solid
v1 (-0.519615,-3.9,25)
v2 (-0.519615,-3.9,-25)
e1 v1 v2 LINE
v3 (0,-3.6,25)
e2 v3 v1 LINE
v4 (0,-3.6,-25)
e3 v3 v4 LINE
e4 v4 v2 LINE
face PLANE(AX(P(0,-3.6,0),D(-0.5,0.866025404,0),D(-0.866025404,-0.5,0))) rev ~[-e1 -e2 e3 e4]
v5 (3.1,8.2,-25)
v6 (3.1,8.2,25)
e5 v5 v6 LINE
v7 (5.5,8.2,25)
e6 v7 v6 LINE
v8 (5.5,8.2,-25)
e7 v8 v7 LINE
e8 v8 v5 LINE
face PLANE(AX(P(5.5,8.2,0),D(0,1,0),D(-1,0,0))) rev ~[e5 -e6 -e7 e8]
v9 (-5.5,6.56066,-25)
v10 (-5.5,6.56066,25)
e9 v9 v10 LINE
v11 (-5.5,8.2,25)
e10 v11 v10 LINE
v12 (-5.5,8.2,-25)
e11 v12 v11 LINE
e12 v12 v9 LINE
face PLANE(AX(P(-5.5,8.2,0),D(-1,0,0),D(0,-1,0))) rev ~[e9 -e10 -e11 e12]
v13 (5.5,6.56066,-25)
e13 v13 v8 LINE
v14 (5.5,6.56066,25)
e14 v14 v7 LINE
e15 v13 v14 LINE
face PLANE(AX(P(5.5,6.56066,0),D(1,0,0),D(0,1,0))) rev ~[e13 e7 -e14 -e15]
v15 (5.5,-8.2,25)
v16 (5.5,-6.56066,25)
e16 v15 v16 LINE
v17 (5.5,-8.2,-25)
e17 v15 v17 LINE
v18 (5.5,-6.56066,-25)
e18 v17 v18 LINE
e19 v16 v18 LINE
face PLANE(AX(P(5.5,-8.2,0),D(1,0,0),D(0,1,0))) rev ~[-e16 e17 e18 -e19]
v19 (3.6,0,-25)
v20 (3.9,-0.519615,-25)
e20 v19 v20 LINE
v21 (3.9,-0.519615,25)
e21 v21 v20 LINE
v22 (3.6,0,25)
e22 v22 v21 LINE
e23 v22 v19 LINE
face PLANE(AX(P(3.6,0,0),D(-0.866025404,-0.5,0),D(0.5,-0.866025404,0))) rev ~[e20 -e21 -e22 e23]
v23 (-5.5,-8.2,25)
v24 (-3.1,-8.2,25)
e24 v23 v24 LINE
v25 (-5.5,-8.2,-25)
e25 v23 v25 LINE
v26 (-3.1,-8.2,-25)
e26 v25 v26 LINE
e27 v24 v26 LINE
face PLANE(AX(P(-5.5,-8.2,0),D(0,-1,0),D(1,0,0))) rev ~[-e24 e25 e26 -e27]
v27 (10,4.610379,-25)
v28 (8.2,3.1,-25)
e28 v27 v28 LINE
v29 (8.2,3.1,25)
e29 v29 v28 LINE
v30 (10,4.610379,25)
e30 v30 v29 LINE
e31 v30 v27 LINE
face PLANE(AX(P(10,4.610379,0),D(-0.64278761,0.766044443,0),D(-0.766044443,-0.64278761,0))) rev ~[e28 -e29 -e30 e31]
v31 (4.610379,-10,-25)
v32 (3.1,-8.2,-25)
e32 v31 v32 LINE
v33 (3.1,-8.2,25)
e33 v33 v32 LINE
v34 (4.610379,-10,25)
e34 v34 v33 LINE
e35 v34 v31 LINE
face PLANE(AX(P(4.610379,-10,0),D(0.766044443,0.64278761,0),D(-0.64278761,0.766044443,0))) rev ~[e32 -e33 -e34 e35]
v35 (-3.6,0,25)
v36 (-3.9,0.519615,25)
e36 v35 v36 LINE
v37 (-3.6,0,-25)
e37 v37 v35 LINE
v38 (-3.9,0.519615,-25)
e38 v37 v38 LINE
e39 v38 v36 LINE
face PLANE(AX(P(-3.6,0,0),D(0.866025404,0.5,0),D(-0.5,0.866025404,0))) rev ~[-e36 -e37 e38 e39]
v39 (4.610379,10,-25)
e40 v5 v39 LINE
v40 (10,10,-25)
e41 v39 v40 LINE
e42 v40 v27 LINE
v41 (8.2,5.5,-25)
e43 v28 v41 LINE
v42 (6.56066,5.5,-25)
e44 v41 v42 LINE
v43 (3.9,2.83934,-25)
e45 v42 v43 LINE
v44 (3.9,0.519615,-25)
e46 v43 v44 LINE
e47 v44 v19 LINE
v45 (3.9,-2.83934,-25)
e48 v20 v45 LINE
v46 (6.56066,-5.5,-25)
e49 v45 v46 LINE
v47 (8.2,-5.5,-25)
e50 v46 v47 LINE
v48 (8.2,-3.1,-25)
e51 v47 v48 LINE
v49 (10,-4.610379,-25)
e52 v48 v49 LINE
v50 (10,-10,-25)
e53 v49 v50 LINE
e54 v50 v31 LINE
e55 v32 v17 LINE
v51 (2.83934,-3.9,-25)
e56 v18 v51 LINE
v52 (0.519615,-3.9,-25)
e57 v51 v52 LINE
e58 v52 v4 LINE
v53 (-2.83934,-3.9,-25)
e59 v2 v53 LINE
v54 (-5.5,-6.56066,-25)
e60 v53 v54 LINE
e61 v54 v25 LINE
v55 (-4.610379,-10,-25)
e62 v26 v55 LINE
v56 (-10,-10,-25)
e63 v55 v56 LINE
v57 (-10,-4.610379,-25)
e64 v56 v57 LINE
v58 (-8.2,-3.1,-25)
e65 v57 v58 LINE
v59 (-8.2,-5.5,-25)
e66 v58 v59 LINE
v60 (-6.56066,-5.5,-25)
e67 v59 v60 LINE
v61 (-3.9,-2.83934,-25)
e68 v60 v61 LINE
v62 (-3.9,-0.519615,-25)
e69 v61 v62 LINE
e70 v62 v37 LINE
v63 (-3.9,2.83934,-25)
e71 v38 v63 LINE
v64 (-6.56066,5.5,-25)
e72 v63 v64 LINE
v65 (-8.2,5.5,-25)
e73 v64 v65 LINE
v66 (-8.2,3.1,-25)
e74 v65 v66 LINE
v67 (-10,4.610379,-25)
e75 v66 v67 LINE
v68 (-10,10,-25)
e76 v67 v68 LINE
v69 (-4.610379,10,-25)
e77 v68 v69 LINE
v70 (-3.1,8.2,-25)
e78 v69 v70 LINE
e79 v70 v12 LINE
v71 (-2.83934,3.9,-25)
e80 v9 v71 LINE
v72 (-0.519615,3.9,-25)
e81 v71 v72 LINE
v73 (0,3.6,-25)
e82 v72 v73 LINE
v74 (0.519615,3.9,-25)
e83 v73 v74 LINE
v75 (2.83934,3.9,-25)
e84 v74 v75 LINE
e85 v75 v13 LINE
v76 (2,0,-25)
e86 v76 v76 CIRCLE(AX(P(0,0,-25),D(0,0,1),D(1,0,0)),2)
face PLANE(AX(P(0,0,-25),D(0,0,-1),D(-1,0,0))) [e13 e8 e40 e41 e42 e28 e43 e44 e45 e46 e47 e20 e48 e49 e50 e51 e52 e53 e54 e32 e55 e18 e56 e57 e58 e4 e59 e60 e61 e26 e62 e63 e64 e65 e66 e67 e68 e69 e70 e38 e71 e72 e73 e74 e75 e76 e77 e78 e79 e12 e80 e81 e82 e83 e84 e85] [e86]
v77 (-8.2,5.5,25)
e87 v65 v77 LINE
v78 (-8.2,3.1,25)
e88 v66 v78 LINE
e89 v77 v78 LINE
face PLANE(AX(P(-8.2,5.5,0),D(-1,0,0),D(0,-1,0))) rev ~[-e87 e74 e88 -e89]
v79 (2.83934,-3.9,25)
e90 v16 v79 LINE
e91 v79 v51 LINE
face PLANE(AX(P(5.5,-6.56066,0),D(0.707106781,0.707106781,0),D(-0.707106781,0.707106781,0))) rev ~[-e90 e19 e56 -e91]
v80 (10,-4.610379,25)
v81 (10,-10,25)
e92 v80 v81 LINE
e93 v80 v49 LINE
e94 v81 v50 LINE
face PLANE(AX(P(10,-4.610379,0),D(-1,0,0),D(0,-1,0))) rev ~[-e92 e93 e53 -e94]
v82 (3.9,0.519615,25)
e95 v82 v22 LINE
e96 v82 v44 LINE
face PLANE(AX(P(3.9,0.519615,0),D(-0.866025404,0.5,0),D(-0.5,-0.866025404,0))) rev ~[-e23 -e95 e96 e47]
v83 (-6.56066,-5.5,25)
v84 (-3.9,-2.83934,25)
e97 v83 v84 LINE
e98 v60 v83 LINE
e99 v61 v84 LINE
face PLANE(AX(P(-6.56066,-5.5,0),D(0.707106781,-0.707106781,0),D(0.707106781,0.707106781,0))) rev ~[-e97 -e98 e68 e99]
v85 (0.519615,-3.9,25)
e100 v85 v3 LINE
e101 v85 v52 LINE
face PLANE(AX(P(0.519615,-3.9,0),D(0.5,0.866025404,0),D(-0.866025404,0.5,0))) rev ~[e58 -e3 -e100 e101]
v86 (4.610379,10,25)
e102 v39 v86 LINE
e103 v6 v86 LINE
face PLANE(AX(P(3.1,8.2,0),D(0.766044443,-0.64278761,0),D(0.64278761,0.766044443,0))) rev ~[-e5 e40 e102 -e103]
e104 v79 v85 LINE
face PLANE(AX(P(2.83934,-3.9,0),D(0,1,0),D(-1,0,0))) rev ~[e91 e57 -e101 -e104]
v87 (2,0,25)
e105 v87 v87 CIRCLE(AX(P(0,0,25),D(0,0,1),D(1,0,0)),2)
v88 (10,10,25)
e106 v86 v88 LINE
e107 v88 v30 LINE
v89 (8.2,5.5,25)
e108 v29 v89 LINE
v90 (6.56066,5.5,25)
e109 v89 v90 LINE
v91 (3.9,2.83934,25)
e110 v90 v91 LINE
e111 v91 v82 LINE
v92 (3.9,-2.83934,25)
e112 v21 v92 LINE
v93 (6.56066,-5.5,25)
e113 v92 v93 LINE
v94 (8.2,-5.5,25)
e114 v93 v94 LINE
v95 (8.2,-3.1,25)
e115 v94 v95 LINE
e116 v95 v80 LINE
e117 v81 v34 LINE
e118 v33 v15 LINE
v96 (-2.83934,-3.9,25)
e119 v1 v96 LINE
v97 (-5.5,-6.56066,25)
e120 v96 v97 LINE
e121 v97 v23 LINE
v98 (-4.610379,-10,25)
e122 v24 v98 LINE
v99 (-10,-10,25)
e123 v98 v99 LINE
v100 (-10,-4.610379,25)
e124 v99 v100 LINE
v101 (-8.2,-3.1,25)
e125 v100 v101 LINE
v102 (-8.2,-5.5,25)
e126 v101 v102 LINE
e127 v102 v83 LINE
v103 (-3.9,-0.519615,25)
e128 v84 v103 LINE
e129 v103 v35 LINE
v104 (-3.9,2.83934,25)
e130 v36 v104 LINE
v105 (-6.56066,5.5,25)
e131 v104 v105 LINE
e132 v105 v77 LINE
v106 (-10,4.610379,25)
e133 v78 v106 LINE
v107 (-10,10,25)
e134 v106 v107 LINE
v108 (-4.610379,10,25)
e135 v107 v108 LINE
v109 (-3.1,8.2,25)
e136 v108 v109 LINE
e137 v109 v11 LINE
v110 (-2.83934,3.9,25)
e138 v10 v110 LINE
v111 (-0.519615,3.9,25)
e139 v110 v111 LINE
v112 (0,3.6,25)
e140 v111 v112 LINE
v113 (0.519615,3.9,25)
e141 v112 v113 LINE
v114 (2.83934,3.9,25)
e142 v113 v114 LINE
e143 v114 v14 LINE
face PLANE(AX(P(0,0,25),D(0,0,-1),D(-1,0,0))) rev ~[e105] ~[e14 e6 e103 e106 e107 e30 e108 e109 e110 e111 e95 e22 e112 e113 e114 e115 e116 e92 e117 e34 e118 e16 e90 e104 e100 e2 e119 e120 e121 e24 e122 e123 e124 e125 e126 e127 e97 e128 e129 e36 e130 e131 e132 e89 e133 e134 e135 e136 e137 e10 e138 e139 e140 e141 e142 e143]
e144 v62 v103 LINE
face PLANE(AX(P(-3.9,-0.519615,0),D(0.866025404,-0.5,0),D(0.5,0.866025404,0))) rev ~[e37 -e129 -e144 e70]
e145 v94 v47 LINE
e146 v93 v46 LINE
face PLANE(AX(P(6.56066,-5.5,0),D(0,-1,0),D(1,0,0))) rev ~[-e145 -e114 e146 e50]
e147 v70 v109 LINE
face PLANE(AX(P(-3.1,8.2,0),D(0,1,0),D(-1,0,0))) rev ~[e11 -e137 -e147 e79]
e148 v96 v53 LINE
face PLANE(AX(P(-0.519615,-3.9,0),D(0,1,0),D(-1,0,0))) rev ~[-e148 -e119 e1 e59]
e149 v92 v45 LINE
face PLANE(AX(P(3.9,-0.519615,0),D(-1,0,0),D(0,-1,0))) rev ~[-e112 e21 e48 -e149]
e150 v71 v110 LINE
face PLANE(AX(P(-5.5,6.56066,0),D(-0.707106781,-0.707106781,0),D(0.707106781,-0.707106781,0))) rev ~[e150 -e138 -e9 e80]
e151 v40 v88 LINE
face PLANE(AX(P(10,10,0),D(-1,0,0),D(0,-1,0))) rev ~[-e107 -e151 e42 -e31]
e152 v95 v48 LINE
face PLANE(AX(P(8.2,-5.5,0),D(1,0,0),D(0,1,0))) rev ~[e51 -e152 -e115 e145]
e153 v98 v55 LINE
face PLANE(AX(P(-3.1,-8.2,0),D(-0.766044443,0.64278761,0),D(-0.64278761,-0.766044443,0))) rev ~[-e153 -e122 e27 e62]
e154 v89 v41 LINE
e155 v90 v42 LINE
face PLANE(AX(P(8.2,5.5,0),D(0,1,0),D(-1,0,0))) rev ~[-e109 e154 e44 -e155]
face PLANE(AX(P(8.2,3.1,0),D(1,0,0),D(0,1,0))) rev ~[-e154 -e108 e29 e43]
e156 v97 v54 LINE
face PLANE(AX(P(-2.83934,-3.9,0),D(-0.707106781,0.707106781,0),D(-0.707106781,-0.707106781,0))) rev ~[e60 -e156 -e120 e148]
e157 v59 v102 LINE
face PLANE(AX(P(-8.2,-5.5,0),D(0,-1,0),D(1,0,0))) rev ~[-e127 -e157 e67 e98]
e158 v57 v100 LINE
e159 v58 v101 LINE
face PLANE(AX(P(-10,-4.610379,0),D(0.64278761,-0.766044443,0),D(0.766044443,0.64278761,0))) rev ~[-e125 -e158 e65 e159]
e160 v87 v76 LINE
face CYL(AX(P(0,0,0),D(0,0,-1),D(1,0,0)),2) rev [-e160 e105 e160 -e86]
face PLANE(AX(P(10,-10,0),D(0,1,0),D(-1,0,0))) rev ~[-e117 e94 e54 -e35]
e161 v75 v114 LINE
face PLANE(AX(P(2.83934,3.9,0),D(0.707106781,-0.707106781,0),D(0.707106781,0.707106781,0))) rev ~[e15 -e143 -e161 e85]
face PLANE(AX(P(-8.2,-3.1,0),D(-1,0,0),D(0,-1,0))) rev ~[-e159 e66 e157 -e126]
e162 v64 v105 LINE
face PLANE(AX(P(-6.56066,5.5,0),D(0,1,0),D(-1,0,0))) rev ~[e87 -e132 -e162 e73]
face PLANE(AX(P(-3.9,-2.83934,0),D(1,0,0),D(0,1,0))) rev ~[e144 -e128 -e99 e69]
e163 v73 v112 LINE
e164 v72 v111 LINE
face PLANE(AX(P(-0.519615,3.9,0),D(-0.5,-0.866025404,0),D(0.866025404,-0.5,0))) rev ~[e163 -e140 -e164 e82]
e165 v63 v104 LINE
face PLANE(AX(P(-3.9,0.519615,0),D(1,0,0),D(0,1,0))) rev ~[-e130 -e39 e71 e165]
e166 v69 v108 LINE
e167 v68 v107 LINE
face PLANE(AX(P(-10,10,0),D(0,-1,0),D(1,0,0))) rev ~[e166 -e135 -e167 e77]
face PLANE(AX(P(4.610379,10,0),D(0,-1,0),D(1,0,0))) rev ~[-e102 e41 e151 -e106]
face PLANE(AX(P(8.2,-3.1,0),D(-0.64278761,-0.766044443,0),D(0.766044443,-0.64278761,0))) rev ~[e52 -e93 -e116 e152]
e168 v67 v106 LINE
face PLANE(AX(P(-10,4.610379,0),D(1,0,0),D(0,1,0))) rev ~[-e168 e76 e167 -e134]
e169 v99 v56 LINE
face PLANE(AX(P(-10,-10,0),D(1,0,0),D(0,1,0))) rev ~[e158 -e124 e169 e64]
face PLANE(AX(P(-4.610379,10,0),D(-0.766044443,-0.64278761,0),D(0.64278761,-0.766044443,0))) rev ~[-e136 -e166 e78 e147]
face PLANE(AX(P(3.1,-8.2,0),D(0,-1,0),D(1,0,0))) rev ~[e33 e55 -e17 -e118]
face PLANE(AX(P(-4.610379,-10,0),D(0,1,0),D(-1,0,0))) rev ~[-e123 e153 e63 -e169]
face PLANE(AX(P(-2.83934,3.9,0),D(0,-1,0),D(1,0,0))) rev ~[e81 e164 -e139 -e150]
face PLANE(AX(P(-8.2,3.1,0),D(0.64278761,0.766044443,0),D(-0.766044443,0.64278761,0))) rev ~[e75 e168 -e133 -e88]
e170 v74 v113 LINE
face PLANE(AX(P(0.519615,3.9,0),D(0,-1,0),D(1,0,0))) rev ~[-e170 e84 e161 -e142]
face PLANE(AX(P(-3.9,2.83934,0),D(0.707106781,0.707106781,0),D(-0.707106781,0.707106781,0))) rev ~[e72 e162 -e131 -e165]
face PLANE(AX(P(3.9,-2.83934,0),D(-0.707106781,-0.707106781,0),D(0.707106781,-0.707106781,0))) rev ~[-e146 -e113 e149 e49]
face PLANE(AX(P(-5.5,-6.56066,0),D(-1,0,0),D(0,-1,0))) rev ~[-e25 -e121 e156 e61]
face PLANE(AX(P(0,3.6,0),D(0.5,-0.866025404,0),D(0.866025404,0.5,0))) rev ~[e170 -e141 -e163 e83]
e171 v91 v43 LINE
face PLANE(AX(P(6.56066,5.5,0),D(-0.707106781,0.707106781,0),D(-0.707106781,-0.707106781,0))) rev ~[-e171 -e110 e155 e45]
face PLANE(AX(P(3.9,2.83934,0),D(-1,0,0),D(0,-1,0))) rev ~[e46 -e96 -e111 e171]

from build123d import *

# Parameters (mm, degrees)
SKETCH1_R           = 2
BOSS_EXTRUDE1_DEPTH = 25


with BuildPart() as part:
    # Sketch1 → Boss-Extrude1 (new, symmetric)
    with BuildSketch(Plane.XY):
        Polygon((10, 10), (10, 4.610379336), (8.2, 3.1), (8.2, 5.5), (6.560660172, 5.5), (3.9, 2.839339828), (3.9, 0.519615242), (3.6, 0), (3.9, -0.519615242), (3.9, -2.839339828), (6.560660172, -5.5), (8.2, -5.5), (8.2, -3.1), (10, -4.610379336), (10, -10), (4.610379336, -10), (3.1, -8.2), (5.5, -8.2), (5.5, -6.560660172), (2.839339828, -3.9), (0.519615242, -3.9), (0, -3.6), (-0.519615242, -3.9), (-2.839339828, -3.9), (-5.5, -6.560660172), (-5.5, -8.2), (-3.1, -8.2), (-4.610379336, -10), (-10, -10), (-10, -4.610379336), (-8.2, -3.1), (-8.2, -5.5), (-6.560660172, -5.5), (-3.9, -2.839339828), (-3.9, -0.519615242), (-3.6, 0), (-3.9, 0.519615242), (-3.9, 2.839339828), (-6.560660172, 5.5), (-8.2, 5.5), (-8.2, 3.1), (-10, 4.610379336), (-10, 10), (-4.610379336, 10), (-3.1, 8.2), (-5.5, 8.2), (-5.5, 6.560660172), (-2.839339828, 3.9), (-0.519615242, 3.9), (0, 3.6), (0.519615242, 3.9), (2.839339828, 3.9), (5.5, 6.560660172), (5.5, 8.2), (3.1, 8.2), (4.610379336, 10), align=None)
        Circle(SKETCH1_R, mode=Mode.SUBTRACT)
    extrude(amount=BOSS_EXTRUDE1_DEPTH, both=True)


solid = part.part
